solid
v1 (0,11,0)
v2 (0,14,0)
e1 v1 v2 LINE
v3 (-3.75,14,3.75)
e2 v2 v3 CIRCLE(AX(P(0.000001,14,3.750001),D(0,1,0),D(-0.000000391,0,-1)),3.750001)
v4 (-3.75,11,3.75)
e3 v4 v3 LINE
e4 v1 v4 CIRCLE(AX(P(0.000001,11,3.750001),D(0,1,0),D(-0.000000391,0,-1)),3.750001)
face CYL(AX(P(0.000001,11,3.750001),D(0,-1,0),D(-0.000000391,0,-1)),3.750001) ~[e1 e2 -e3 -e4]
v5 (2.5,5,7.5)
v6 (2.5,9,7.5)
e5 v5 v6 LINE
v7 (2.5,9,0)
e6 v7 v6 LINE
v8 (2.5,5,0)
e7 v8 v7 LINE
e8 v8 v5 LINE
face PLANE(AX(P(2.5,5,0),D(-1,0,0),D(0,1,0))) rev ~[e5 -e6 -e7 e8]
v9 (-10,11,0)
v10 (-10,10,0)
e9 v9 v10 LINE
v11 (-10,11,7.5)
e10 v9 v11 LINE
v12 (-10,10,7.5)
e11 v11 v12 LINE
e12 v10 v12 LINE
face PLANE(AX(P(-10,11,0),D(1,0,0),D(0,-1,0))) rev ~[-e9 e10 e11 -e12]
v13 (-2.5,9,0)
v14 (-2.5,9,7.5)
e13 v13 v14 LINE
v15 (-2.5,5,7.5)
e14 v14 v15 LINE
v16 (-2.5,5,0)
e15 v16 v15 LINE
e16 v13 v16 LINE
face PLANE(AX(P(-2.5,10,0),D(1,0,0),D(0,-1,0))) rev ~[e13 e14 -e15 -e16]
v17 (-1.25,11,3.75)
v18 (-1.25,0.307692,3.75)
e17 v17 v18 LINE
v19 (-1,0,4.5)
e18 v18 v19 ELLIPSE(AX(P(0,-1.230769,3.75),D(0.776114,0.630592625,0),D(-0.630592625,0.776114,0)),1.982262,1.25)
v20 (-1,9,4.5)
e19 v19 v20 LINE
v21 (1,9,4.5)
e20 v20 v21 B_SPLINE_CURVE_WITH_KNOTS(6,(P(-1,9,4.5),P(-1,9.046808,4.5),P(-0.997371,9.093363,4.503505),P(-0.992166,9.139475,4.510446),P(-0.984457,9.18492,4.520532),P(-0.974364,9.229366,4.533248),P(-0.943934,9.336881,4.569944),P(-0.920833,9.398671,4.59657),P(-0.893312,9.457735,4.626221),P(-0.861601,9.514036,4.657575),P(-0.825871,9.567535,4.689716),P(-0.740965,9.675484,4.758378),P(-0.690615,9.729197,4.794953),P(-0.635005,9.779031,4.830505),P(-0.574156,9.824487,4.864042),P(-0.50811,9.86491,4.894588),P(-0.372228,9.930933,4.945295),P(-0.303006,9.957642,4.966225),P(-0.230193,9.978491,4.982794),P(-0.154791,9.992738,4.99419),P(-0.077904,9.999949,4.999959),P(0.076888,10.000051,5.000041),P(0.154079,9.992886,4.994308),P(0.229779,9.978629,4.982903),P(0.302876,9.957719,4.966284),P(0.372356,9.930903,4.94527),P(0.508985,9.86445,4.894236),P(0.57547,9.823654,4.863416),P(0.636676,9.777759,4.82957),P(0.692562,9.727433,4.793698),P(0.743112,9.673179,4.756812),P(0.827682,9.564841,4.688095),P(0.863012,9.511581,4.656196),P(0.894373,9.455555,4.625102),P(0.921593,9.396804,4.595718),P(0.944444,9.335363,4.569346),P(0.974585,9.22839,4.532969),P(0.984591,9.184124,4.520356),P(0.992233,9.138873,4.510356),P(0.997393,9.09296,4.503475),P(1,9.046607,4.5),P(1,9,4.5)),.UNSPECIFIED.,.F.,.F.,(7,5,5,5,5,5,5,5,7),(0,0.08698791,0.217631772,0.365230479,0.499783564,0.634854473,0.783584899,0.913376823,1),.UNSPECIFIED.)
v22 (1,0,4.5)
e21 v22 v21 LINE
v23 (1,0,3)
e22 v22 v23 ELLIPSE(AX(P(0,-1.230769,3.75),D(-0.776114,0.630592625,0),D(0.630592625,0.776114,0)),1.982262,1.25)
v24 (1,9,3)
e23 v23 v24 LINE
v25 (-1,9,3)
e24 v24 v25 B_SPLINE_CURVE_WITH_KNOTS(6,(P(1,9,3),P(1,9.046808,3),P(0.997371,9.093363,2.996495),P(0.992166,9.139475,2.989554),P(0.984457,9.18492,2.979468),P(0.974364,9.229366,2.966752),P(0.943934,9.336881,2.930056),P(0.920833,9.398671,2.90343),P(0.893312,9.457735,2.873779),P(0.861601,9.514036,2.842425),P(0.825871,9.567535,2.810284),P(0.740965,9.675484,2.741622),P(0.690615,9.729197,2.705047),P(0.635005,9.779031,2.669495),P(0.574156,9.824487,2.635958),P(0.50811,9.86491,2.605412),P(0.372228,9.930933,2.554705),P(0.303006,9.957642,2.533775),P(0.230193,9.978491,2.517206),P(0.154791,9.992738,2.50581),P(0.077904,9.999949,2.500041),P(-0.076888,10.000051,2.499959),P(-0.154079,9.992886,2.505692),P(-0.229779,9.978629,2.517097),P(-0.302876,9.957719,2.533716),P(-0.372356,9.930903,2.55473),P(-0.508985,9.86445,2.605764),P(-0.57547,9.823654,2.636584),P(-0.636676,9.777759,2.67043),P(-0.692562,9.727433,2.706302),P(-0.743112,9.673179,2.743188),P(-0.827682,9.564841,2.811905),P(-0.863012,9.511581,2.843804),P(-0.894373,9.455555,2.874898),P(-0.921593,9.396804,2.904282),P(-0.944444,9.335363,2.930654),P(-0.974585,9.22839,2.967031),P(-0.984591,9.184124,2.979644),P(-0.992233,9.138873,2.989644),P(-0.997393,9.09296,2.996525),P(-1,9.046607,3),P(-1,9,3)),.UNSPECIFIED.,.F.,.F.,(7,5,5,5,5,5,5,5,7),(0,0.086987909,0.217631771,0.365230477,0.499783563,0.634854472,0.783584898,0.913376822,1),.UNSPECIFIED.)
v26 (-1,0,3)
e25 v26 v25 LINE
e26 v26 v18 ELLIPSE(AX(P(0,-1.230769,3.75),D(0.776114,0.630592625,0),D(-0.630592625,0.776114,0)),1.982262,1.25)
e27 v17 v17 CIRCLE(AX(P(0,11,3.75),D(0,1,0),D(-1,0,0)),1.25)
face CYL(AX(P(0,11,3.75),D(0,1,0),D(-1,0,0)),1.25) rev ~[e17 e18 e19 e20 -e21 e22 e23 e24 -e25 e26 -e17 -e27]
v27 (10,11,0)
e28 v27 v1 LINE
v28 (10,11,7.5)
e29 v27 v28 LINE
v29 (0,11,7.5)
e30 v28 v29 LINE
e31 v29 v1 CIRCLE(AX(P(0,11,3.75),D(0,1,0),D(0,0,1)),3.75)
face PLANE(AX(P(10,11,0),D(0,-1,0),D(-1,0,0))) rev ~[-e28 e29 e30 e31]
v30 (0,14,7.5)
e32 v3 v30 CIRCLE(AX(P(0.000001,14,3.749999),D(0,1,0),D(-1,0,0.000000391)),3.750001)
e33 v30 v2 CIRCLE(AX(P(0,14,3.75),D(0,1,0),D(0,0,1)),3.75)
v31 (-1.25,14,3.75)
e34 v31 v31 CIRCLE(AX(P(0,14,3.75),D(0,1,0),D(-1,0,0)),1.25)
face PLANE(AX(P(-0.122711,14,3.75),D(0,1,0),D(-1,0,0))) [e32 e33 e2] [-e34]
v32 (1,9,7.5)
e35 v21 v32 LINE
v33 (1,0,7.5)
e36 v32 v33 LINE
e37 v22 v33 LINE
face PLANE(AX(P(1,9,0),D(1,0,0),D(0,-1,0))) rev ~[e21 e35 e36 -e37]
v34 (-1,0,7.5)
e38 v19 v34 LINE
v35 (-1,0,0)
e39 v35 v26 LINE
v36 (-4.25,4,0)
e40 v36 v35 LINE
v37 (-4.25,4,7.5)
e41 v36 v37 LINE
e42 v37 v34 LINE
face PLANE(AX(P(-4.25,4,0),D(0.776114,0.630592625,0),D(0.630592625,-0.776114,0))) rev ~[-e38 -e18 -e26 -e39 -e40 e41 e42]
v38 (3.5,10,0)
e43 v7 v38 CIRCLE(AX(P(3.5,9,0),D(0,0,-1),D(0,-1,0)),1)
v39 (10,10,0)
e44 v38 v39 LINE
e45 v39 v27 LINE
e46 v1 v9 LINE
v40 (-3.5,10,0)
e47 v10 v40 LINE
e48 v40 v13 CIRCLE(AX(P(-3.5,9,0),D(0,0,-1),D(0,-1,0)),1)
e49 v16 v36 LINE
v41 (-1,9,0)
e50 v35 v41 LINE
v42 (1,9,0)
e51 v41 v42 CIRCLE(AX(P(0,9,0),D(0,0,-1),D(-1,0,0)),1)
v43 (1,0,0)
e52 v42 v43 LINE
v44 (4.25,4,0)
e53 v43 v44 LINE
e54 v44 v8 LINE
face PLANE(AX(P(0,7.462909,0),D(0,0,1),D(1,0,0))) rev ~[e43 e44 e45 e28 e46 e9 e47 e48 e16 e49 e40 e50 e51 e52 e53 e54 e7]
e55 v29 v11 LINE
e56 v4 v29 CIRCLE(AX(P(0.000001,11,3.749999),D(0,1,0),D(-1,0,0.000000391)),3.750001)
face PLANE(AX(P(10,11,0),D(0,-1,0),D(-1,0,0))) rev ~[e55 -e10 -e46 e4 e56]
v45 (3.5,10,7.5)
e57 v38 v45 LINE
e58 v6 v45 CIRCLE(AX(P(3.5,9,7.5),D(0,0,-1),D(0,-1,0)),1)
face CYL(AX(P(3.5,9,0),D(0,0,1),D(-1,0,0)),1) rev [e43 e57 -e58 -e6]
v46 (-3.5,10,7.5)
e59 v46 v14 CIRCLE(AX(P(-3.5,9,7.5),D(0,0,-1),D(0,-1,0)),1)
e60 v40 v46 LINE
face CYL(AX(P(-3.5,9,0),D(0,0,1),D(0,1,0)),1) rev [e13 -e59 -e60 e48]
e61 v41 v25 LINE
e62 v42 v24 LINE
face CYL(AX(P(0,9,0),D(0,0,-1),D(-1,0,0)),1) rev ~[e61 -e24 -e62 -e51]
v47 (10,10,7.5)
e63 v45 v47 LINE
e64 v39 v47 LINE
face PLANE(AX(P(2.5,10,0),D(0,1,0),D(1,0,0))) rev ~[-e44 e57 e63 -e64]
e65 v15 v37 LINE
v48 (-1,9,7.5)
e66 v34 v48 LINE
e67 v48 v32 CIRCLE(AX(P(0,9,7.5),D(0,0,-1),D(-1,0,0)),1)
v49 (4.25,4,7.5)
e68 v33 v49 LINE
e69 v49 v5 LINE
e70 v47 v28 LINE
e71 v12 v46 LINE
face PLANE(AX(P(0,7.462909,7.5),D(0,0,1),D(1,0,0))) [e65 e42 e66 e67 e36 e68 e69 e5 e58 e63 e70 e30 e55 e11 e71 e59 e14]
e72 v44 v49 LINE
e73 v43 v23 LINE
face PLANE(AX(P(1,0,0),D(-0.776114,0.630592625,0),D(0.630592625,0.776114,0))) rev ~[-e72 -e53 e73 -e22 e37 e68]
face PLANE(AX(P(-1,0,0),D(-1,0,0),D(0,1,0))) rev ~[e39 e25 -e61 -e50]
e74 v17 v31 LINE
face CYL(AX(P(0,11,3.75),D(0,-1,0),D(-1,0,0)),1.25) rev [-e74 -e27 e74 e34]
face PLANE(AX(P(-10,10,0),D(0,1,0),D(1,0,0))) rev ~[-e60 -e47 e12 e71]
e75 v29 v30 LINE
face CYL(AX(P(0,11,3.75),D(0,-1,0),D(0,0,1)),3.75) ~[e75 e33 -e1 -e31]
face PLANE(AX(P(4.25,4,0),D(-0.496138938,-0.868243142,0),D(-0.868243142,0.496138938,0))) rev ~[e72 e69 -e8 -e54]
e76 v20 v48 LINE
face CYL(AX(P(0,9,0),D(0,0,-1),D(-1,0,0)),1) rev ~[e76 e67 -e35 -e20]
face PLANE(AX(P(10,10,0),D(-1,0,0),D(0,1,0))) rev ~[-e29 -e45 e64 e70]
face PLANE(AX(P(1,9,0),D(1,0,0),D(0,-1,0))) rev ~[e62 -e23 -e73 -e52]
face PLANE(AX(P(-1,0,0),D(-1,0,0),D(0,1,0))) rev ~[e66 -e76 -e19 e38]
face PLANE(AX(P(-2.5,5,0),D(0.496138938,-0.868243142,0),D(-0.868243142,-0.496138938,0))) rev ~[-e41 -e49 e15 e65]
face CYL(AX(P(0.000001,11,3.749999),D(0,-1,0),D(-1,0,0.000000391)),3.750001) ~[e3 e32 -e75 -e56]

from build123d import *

# Parameters (mm, degrees)
F1_DEPTH = 7.5
F2_R     = 1
F3_R     = 1.25
F4_DEPTH = 3
F5_DEPTH = 13


with BuildPart() as f1:
    # F0 (on Top) → F1 (new body)
    with BuildSketch(Plane.XY):
        with BuildLine():
            Line((-4.25, 4), (-1, 0))
            Line((-1, 0), (-1, 9))
            ThreePointArc((-1, 9), (0, 10), (1, 9))
            Line((1, 9), (1, 0))
            Line((1, 0), (4.25, 4))
            Line((4.25, 4), (2.5, 5))
            Line((2.5, 5), (2.5, 10))
            Line((2.5, 10), (10, 10))
            Line((10, 10), (10, 11))
            Line((10, 11), (-10, 11))
            Line((-10, 11), (-10, 10))
            Line((-10, 10), (-2.5, 10))
            Line((-2.5, 10), (-2.5, 5))
            Line((-2.5, 5), (-4.25, 4))
        make_face()
    extrude(amount=F1_DEPTH)

    # F2
    f2_edges = [f1.edges().sort_by_distance(p)[0] for p in [
        (2.5, 10, 3.75),
        (-2.5, 10, 3.75),
    ]]
    fillet(f2_edges, radius=F2_R)

    # F3 (on face) → F4 (join)
    with BuildSketch(Plane(origin=(0, 11, 0), x_dir=(-1, 0, 0), z_dir=(0, 1, 0))):
        with BuildLine():
            ThreePointArc((0, 0), (2.65165, 1.09835), (3.75, 3.75))
            ThreePointArc((3.75, 3.75), (2.65165, 6.40165), (0, 7.5))
            ThreePointArc((0, 7.5), (-3.75, 3.75), (0, 0))
        make_face()
        with Locations((0, 3.75)):
            Circle(F3_R, mode=Mode.SUBTRACT)
    extrude(amount=F4_DEPTH)

    # F3 (on face) → F5 (cut)
    with BuildSketch(Plane(origin=(0, 11, 0), x_dir=(-1, 0, 0), z_dir=(0, 1, 0))):
        with Locations((0, 3.75)):
            Circle(F3_R)
    extrude(amount=-F5_DEPTH, mode=Mode.SUBTRACT)


solid = f1.part
